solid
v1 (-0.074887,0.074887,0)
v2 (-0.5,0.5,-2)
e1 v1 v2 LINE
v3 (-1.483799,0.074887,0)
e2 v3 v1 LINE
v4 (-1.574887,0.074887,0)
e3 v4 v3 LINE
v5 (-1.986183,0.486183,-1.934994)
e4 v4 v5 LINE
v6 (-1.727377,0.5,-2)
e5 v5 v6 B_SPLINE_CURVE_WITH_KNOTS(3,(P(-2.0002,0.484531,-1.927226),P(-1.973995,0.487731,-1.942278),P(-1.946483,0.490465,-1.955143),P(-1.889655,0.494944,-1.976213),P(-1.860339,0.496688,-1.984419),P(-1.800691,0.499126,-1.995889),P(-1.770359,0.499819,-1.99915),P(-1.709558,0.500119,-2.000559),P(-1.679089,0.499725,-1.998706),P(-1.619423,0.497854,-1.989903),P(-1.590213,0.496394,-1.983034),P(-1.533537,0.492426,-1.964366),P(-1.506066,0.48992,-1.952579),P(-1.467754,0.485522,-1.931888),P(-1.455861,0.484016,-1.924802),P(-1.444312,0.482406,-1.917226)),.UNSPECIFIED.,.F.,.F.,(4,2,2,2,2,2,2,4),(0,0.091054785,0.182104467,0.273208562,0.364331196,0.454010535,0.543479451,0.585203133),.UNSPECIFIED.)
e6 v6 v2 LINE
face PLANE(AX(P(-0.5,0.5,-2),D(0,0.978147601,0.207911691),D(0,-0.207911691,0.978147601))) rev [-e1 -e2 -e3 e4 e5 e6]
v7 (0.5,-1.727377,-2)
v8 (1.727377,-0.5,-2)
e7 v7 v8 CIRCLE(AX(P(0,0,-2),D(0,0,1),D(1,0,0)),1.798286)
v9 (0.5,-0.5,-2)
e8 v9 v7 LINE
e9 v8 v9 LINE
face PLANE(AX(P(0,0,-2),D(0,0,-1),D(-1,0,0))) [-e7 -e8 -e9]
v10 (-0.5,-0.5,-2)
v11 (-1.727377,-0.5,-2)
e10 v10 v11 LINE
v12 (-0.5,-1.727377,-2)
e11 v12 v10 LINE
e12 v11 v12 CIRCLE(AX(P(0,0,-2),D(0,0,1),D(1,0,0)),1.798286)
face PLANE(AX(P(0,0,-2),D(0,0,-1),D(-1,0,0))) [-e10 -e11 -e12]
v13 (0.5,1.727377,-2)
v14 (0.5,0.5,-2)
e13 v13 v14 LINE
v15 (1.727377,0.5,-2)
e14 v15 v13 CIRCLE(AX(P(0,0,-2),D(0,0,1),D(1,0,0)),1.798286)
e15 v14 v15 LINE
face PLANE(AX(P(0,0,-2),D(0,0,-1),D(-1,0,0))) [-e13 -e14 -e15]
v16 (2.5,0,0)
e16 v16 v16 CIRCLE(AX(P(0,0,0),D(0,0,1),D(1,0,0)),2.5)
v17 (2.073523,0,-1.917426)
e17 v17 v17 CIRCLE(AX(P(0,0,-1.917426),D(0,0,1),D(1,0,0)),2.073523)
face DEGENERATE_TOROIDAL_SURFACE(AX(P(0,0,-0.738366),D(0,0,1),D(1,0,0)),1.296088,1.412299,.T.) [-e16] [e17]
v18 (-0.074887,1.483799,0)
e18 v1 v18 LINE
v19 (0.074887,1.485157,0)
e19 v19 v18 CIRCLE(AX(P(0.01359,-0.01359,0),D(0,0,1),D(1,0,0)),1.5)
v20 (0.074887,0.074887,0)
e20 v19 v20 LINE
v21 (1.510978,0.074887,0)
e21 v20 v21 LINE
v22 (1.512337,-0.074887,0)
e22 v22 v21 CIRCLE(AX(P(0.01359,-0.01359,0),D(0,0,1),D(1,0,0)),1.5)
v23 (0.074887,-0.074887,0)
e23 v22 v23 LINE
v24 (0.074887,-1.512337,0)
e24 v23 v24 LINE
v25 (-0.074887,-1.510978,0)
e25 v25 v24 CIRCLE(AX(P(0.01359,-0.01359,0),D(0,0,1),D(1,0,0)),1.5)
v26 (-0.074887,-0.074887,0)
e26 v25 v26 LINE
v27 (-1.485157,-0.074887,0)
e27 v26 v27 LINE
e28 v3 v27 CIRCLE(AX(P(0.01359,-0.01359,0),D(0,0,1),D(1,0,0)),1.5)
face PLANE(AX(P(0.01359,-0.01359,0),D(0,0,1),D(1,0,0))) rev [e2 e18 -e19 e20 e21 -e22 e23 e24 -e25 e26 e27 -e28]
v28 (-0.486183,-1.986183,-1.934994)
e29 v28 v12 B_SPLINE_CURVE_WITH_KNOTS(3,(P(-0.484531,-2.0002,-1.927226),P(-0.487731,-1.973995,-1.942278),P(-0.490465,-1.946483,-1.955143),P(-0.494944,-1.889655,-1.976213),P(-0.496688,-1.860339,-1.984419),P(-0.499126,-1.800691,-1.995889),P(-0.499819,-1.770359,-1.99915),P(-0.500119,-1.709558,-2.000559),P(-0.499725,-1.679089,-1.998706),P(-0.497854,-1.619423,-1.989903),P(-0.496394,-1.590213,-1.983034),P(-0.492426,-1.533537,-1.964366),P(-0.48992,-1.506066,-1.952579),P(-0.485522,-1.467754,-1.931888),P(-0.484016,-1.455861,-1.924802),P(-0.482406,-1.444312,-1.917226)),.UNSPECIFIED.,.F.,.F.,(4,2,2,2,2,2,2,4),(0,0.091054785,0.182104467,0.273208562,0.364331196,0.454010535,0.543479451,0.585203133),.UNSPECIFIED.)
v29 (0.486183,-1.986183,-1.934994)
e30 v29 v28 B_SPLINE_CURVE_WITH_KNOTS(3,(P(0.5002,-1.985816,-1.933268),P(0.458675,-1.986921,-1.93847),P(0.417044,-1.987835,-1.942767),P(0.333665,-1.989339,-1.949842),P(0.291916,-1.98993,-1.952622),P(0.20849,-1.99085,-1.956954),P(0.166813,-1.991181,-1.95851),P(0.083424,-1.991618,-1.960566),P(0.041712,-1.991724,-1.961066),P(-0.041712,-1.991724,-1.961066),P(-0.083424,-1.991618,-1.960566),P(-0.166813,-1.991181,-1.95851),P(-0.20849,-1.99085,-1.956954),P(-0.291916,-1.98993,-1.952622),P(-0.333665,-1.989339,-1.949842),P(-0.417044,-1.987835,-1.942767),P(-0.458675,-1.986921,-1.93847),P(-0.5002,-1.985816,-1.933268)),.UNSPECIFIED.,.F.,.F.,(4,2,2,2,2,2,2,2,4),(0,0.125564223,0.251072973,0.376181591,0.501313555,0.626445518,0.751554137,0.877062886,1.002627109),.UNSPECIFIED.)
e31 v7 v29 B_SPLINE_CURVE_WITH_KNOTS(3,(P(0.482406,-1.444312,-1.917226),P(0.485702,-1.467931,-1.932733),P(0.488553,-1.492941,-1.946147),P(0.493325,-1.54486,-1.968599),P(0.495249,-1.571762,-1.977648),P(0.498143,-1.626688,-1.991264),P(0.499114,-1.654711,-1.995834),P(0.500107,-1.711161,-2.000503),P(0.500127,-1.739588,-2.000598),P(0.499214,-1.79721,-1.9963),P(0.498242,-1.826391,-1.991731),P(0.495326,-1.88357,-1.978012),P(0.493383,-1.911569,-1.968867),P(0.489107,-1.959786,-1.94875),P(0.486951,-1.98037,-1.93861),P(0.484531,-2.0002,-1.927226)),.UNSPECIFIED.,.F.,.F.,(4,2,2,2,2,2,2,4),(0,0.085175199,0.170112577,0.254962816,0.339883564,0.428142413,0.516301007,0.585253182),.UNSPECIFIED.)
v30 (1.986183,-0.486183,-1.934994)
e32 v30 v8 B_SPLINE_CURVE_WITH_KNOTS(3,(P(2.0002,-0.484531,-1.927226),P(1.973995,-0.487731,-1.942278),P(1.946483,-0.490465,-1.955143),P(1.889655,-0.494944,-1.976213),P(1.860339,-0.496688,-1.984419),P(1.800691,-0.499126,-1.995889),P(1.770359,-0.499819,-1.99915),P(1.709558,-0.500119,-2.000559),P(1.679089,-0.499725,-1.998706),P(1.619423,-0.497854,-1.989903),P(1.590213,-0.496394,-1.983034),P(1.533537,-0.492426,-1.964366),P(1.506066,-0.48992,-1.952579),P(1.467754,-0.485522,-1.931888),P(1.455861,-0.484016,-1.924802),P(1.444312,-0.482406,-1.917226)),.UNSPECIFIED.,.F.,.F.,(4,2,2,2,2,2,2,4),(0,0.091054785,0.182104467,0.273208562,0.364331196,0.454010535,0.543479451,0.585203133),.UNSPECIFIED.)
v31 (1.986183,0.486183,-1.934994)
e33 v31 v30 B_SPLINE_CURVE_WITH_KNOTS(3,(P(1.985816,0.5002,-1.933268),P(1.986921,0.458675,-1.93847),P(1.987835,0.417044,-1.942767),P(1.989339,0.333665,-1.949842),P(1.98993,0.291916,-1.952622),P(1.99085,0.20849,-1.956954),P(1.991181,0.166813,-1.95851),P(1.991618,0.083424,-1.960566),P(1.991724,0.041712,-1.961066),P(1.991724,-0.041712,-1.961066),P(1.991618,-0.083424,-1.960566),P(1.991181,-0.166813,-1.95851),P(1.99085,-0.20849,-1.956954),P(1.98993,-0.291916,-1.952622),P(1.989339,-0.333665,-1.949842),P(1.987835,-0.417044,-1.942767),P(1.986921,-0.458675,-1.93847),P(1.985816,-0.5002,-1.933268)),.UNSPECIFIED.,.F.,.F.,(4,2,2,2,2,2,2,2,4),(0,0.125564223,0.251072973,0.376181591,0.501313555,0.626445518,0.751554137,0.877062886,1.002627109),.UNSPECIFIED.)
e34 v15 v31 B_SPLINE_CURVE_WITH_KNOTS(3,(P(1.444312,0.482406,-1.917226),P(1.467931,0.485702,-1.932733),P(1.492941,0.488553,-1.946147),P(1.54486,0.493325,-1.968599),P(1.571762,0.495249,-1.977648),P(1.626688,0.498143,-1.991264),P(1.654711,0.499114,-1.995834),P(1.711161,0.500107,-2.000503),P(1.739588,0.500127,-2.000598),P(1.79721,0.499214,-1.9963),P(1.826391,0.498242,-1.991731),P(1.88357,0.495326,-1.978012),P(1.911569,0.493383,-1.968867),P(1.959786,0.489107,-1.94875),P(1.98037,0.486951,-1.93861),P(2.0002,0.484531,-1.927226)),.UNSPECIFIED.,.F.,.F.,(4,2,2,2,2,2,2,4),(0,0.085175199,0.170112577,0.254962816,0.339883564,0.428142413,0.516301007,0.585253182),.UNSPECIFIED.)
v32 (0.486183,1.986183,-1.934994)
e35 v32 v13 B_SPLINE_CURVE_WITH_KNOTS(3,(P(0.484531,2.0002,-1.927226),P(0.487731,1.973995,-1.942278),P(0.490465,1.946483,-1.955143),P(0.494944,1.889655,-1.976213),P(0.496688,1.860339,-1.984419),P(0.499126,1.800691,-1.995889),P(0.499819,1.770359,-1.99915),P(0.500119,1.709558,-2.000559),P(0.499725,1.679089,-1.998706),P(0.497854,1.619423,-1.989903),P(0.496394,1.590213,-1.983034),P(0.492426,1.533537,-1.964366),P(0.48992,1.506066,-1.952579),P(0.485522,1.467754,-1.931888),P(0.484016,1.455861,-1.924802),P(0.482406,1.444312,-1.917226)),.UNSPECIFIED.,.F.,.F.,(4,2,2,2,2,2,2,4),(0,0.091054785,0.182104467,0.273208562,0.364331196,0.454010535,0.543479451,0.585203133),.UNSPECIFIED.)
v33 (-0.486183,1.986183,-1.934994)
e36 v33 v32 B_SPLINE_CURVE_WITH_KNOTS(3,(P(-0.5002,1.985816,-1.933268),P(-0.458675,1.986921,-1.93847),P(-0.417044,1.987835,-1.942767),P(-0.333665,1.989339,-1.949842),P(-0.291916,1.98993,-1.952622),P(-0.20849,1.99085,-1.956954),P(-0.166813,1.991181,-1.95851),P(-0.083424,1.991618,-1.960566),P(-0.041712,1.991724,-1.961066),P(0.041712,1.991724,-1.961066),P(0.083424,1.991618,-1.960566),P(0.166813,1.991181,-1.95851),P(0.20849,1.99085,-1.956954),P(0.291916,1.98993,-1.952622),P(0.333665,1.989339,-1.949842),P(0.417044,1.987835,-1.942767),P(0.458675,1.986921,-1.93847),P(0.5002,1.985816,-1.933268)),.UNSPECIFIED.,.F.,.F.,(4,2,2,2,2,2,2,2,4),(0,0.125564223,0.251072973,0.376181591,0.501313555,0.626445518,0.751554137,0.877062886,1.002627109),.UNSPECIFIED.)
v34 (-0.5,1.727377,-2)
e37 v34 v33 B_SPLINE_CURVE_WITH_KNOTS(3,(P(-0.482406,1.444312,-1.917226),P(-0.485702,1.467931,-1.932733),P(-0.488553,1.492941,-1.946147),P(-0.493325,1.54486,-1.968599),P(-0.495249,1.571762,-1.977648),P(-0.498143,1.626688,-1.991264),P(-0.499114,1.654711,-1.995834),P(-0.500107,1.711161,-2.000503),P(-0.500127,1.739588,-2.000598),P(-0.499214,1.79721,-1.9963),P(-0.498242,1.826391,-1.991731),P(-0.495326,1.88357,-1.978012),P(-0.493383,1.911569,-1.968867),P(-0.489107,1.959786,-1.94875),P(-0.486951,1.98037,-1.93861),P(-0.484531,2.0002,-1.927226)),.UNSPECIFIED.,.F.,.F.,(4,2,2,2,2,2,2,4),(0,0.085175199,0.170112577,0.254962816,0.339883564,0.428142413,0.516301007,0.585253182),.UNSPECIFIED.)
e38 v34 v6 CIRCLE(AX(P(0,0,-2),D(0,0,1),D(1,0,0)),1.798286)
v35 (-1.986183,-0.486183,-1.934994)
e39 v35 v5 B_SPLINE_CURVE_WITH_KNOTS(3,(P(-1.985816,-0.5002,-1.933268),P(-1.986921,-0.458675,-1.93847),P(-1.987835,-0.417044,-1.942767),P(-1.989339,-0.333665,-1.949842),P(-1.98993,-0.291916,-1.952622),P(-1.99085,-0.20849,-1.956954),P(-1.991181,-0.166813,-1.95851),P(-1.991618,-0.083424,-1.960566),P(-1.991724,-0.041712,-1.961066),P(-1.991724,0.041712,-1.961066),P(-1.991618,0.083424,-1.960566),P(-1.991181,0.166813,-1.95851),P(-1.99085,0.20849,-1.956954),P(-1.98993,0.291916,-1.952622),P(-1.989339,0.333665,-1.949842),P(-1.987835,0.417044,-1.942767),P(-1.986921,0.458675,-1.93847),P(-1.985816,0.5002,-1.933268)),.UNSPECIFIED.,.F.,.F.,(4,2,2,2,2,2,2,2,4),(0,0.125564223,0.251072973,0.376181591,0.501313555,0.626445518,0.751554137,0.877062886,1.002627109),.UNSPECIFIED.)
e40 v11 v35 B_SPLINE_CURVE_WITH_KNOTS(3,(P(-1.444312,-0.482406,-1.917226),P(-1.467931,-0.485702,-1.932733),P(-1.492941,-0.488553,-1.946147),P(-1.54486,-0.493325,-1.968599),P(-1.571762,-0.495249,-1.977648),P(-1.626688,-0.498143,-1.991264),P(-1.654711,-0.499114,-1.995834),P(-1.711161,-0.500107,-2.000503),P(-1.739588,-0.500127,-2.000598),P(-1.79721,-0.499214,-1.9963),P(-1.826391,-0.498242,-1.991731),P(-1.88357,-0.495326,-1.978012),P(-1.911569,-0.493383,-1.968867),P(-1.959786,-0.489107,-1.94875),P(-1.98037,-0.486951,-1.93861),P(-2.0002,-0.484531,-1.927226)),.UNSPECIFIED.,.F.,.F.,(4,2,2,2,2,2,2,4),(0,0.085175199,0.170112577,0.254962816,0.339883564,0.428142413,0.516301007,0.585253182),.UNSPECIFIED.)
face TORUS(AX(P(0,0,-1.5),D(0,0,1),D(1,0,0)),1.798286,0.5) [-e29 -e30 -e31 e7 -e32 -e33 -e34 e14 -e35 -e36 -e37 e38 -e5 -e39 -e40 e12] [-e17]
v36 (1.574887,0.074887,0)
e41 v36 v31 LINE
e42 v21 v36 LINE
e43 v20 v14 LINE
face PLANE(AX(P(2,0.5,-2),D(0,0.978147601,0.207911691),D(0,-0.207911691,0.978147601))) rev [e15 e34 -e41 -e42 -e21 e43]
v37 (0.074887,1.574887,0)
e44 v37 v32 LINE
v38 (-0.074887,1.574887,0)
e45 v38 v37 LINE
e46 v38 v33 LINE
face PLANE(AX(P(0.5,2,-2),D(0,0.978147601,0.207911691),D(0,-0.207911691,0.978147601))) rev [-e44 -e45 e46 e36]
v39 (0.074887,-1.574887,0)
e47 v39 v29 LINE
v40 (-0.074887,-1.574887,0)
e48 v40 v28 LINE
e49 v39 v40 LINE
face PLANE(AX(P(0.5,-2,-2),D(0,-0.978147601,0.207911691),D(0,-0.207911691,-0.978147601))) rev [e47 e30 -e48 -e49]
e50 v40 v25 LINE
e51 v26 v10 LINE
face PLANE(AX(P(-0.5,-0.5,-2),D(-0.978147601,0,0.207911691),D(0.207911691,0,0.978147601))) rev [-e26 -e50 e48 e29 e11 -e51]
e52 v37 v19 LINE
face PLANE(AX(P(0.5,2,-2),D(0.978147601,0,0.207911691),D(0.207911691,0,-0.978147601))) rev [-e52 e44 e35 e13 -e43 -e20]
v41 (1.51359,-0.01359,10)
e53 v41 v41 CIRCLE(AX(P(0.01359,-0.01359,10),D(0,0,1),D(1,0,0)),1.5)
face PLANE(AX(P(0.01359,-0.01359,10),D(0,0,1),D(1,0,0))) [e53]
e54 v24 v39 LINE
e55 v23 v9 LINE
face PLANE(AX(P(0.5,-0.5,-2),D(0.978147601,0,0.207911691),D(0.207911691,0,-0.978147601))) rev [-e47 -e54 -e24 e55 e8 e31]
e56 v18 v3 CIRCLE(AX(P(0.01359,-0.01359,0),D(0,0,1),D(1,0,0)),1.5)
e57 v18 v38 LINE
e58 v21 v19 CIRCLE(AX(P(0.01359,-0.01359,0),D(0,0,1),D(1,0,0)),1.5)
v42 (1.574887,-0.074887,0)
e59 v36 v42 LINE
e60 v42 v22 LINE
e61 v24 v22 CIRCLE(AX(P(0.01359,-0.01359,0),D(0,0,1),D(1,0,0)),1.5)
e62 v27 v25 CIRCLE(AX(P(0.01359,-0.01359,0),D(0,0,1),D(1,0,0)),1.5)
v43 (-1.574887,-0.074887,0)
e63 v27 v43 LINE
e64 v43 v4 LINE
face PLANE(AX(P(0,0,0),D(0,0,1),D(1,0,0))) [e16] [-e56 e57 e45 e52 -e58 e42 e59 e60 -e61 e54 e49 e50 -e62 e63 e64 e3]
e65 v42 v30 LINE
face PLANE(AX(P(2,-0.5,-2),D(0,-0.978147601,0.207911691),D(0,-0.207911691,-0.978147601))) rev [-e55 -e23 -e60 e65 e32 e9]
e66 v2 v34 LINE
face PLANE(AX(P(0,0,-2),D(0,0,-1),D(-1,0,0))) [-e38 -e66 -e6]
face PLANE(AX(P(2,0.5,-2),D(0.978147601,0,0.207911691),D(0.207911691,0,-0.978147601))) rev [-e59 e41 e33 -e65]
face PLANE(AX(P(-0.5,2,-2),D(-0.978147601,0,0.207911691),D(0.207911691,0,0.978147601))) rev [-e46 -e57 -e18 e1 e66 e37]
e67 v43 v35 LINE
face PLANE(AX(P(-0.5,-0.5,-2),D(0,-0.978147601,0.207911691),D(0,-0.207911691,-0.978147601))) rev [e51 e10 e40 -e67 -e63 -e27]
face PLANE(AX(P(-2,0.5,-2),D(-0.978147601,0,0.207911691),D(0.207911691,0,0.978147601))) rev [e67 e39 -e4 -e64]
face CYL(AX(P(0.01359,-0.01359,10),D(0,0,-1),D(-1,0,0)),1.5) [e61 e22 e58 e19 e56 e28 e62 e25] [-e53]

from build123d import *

# Parameters (mm, degrees)
CUT_EXTRUDE1_DEPTH  = 2
CUT_EXTRUDE1_DRAFT  = -12
SKETCH3_R           = 1.5
BOSS_EXTRUDE1_DEPTH = 10


with BuildPart() as part:
    # Sketch1 → Revolve2 (revolve)
    with BuildSketch(Plane(origin=(0, 0, 0), x_dir=(1, 0, 0), z_dir=(0, 1, 0))):
        with BuildLine():
            Line((0, 0), (0, 2))
            Line((0, 2), (1.798285661, 2))
            ThreePointArc((1.798285661, 2), (1.941964308, 1.978911731), (2.07352322, 1.917425786))
            ThreePointArc((2.07352322, 1.917425786), (2.674697589, 1.044998208), (2.5, 0))
            Line((2.5, 0), (0, 0))
        make_face()
    revolve(axis=Axis((0, 0, -0.65925001), (0, 0, -1)))


with BuildPart() as cut_extrude1_tool:
    # Sketch2 → Cut-Extrude1 (with draft: the straight prism first)
    with BuildSketch(Plane(origin=(0, 0, -2), x_dir=(-1, 0, 0), z_dir=(0, 0, -1))):
        Polygon((0.5, -0.5), (2, -0.5), (2, 0.5), (0.5, 0.5), (0.5, 2), (-0.5, 2), (-0.5, 0.5), (-2, 0.5), (-2, -0.5), (-0.5, -0.5), (-0.5, -2), (0.5, -2), align=None)
    extrude(amount=-CUT_EXTRUDE1_DEPTH)
    # Cut-Extrude1: the draft: its side faces are tilted about the plane it starts from
    cut_extrude1_sides = [cut_extrude1_tool.faces().sort_by_distance(p)[0] for p in [
        (-1.25, -0.5, -1),
        (-2, 0, -1),
        (-1.25, 0.5, -1),
        (-0.5, 1.25, -1),
        (0, 2, -1),
        (0.5, 1.25, -1),
        (1.25, 0.5, -1),
        (2, 0, -1),
        (1.25, -0.5, -1),
        (0.5, -1.25, -1),
        (0, -2, -1),
        (-0.5, -1.25, -1),
    ]]
    draft(cut_extrude1_sides, Plane(origin=(0, 0, -2), x_dir=(-1, 0, 0), z_dir=(0, 0, -1)), CUT_EXTRUDE1_DRAFT)


with BuildPart() as part_1:
    add(part.part)

    # Cut-Extrude1: cut by cut_extrude1_tool
    add(cut_extrude1_tool.part, mode=Mode.SUBTRACT)

    # Sketch3 → Boss-Extrude1 (add)
    with BuildSketch(Plane.XY):
        with Locations(Location((0.013589602, -0.013589602, 0), (0, 0, 182.342035556))):
            Circle(SKETCH3_R)
    extrude(amount=BOSS_EXTRUDE1_DEPTH)


solid = part_1.part
